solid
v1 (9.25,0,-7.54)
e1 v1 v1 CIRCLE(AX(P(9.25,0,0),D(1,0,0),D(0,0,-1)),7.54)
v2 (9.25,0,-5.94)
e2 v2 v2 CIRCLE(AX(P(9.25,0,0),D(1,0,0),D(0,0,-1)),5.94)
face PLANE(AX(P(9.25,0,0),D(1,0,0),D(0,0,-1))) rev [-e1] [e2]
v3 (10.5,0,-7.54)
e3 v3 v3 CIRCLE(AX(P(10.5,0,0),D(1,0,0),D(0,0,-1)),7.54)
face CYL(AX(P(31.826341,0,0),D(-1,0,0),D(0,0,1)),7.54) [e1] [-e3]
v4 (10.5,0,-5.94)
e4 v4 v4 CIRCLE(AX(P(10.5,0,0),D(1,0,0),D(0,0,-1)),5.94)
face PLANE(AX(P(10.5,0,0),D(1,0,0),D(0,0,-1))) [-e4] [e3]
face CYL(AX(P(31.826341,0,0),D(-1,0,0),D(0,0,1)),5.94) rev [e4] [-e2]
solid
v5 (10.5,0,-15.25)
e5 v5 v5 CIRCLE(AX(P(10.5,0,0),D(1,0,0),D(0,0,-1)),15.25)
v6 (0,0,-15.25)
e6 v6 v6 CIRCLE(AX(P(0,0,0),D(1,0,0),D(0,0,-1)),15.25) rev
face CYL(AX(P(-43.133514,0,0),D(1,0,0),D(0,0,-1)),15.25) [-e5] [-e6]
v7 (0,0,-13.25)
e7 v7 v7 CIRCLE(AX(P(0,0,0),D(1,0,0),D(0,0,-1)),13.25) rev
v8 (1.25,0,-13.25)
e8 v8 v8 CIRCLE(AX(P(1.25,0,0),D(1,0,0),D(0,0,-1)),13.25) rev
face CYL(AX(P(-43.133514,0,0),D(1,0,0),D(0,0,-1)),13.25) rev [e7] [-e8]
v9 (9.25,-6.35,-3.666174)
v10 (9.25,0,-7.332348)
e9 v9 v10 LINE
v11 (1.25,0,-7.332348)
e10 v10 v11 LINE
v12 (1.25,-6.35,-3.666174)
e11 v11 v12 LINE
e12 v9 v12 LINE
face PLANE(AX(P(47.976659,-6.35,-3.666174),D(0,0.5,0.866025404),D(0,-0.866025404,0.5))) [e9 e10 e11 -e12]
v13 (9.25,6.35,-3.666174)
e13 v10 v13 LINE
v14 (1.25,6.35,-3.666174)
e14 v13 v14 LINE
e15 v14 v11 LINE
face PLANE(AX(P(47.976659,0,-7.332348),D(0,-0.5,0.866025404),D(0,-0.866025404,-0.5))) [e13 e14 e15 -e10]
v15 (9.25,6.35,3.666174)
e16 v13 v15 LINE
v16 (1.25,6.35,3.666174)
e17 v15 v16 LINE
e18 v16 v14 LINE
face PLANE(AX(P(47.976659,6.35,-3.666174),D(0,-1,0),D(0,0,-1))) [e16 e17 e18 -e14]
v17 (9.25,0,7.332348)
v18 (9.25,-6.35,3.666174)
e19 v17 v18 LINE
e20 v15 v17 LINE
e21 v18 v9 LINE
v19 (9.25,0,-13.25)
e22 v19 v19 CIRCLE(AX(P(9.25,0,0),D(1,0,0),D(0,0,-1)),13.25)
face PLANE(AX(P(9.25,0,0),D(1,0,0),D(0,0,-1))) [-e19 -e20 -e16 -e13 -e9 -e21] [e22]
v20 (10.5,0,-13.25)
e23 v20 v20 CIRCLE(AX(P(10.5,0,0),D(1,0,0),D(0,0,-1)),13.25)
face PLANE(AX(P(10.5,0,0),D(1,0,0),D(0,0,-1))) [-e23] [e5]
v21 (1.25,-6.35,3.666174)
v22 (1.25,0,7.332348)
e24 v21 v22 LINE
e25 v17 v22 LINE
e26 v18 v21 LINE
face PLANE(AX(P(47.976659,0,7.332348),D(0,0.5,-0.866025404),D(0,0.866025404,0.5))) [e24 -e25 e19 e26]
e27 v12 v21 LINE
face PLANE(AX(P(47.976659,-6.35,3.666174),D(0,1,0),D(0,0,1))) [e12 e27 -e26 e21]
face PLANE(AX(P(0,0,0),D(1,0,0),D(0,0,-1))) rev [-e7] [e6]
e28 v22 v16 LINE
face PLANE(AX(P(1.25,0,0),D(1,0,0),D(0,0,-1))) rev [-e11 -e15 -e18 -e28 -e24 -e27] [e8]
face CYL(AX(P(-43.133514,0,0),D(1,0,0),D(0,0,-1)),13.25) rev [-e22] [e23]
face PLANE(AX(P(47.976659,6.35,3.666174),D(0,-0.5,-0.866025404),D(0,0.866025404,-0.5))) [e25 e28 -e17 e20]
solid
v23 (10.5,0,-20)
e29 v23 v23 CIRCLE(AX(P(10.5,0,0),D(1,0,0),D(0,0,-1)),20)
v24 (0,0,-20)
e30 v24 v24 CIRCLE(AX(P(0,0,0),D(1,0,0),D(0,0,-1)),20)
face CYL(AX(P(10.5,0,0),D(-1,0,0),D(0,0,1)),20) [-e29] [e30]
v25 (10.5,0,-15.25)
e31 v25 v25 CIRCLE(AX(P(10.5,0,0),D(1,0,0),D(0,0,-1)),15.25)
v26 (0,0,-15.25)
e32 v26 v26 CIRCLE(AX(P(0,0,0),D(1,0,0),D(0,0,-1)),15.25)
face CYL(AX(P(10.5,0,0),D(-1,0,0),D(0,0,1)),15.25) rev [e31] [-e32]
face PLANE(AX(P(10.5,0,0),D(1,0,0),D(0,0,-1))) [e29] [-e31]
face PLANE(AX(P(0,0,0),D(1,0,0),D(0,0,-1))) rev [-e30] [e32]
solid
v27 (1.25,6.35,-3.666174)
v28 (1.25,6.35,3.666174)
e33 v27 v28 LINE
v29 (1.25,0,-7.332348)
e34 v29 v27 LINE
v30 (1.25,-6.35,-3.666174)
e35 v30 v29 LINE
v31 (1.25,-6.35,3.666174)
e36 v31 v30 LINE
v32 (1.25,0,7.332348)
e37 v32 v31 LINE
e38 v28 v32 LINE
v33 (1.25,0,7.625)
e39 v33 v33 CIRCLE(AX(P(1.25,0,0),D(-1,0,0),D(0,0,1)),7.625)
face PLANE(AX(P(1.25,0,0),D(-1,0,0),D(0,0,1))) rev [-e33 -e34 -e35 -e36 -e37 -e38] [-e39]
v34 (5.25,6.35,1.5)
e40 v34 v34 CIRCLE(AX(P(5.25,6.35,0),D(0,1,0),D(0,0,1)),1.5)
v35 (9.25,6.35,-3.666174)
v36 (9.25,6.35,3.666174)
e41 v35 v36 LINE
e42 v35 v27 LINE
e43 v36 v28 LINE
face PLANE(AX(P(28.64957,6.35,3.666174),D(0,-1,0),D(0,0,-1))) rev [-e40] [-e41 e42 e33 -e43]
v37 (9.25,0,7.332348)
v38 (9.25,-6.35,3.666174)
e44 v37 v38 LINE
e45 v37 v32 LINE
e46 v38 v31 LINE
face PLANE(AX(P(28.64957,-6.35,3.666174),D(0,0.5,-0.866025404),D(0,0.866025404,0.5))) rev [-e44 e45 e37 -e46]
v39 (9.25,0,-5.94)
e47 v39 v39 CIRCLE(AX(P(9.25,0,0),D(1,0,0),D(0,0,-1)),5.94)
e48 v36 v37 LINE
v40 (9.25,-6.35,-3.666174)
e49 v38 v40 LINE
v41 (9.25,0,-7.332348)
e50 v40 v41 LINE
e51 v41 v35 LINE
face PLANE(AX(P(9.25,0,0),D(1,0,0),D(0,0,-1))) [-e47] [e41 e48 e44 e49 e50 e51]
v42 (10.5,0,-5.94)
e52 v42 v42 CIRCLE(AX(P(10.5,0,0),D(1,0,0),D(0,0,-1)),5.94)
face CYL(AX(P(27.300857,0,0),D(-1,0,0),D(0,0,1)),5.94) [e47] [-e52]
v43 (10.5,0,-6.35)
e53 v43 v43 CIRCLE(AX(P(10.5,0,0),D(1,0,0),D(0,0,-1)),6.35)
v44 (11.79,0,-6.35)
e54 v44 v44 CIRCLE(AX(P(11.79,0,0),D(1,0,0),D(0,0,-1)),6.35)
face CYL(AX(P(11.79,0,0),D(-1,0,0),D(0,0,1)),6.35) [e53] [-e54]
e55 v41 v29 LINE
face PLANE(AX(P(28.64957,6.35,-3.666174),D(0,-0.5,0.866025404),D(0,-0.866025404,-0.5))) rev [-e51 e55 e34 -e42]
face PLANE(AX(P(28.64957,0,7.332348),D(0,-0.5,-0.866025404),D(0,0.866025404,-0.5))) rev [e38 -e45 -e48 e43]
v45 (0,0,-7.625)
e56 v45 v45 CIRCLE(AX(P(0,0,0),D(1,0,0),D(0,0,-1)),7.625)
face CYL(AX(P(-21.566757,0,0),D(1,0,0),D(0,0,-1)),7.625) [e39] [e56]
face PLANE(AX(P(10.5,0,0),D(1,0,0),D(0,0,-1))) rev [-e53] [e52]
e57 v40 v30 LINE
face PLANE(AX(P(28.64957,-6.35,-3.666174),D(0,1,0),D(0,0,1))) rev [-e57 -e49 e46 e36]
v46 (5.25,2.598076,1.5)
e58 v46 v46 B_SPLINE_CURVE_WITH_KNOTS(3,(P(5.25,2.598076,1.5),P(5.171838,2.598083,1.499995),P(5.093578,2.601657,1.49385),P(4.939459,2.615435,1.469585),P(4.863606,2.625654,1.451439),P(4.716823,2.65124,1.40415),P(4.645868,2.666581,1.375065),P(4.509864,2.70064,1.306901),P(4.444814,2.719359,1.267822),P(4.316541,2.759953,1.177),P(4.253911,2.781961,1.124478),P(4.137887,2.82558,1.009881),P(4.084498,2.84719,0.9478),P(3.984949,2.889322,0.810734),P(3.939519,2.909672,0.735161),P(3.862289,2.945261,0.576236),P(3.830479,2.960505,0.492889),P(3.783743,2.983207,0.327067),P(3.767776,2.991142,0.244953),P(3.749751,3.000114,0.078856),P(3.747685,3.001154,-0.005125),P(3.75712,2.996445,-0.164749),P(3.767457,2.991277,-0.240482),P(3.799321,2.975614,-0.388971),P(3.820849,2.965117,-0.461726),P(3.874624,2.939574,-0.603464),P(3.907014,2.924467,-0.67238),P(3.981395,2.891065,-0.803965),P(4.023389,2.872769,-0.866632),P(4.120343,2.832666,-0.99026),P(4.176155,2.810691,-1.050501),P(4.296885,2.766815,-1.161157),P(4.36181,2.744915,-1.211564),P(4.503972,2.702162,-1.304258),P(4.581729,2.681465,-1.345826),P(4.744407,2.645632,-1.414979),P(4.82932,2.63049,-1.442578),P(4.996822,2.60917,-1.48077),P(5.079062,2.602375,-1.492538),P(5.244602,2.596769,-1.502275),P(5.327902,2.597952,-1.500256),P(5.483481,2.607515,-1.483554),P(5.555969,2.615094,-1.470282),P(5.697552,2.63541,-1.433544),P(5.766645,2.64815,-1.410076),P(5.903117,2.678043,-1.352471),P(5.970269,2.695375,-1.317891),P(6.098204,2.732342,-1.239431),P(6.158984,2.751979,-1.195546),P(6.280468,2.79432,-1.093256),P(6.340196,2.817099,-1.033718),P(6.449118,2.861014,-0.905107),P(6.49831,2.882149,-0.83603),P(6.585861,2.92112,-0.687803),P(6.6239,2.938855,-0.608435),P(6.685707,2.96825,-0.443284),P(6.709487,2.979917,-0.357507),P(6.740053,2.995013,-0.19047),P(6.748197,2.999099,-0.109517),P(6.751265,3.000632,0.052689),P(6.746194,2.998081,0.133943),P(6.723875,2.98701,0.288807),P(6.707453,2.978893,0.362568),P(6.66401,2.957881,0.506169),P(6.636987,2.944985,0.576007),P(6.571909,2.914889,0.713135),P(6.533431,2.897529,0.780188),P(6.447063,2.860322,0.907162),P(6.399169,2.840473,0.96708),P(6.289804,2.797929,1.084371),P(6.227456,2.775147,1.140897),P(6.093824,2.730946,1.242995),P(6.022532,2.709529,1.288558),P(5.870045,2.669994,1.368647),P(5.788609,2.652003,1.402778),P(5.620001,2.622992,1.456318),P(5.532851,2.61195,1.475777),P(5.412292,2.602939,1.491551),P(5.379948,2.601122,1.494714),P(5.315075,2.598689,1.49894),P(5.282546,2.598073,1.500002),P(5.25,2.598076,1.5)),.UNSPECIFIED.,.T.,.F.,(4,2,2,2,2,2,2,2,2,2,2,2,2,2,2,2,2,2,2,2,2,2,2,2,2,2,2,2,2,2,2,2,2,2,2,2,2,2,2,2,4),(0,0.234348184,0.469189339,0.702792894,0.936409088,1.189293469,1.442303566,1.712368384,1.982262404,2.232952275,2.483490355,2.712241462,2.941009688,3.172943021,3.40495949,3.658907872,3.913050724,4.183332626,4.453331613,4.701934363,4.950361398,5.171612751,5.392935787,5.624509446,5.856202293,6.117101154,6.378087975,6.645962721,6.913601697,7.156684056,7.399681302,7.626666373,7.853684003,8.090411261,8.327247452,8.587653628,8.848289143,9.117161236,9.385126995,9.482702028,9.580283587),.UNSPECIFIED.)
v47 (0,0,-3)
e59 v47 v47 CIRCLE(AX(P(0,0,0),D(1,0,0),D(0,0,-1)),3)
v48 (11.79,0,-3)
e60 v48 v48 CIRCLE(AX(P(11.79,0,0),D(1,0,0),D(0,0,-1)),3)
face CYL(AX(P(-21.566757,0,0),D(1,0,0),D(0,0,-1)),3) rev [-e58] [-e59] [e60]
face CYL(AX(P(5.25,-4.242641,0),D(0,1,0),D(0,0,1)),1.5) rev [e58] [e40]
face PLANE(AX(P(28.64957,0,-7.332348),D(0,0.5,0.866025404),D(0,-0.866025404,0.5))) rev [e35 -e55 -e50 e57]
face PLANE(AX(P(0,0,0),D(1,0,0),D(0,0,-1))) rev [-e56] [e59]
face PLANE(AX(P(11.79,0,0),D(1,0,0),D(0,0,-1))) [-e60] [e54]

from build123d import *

# Parameters (mm, degrees)
SKETCH1_R                = 20
SKETCH1_R_2              = 15.25
BOSS_EXTRUDE1_DEPTH      = 10.5
SKETCH2_R                = 15.25
SKETCH2_R_2              = 13.25
BOSS_EXTRUDE2_DEPTH      = 10.5
SKETCH3_R                = 13.25
BOSS_EXTRUDE3_DEPTH      = 4
BOSS_EXTRUDE3_DEPTH_BACK = 4
SKETCH4_R                = 7.625
SKETCH4_R_2              = 3
BOSS_EXTRUDE4_DEPTH      = 1.25
SKETCH5_R                = 3
BOSS_EXTRUDE5_DEPTH      = 8
SKETCH6_R                = 5.94
SKETCH6_R_2              = 3
BOSS_EXTRUDE6_DEPTH      = 1.25
SKETCH7_R                = 6.35
SKETCH7_R_2              = 3
BOSS_EXTRUDE7_DEPTH      = 1.29
SKETCH8_R                = 1.5
CUT_EXTRUDE1_DEPTH       = 6.35
SKETCH9_R                = 7.54
SKETCH9_R_2              = 5.94
BOSS_EXTRUDE8_DEPTH      = 1.25


with BuildPart() as part:
    # Sketch1 → Boss-Extrude1 (new body)
    with BuildSketch(Plane(origin=(0, 0, 0), x_dir=(0, 0, -1), z_dir=(1, 0, 0))):
        Circle(SKETCH1_R)
        Circle(SKETCH1_R_2, mode=Mode.SUBTRACT)
    extrude(amount=BOSS_EXTRUDE1_DEPTH)


with BuildPart() as body_2:
    # Sketch2 → Boss-Extrude2 (new body)
    with BuildSketch(Plane(origin=(10.5, 0, 0), x_dir=(0, 0, -1), z_dir=(1, 0, 0))):
        Circle(SKETCH2_R)
        Circle(SKETCH2_R_2, mode=Mode.SUBTRACT)
    extrude(amount=-BOSS_EXTRUDE2_DEPTH)

    # Sketch3 → Boss-Extrude3 (add, two sides)
    with BuildSketch(Plane(origin=(5.25, 0, 0), x_dir=(0, 0, -1), z_dir=(1, 0, 0))) as boss_extrude3_sk:
        Circle(SKETCH3_R)
        Polygon((7.332348419, 0), (3.666174209, 6.35), (-3.666174209, 6.35), (-7.332348419, 0), (-3.666174209, -6.35), (3.666174209, -6.35), align=None, mode=Mode.SUBTRACT)
    extrude(amount=BOSS_EXTRUDE3_DEPTH)
    extrude(boss_extrude3_sk.sketch, amount=-BOSS_EXTRUDE3_DEPTH_BACK)


with BuildPart() as body_3:
    # Sketch4 → Boss-Extrude4 (new body)
    with BuildSketch(Plane.ZY.offset(-1.25)):
        Circle(SKETCH4_R)
        Circle(SKETCH4_R_2, mode=Mode.SUBTRACT)
    extrude(amount=BOSS_EXTRUDE4_DEPTH)

    # Sketch5 → Boss-Extrude5 (add)
    with BuildSketch(Plane(origin=(1.25, 0, 0), x_dir=(0, 0, -1), z_dir=(1, 0, 0))):
        Polygon((-7.332348419, 0), (-3.666174209, 6.35), (3.666174209, 6.35), (7.332348419, 0), (3.666174209, -6.35), (-3.666174209, -6.35), align=None)
        Circle(SKETCH5_R, mode=Mode.SUBTRACT)
    extrude(amount=BOSS_EXTRUDE5_DEPTH)

    # Sketch6 → Boss-Extrude6 (add)
    with BuildSketch(Plane(origin=(9.25, 0, 0), x_dir=(0, 0, -1), z_dir=(1, 0, 0))):
        Circle(SKETCH6_R)
        Circle(SKETCH6_R_2, mode=Mode.SUBTRACT)
    extrude(amount=BOSS_EXTRUDE6_DEPTH)

    # Sketch7 → Boss-Extrude7 (add)
    with BuildSketch(Plane(origin=(10.5, 0, 0), x_dir=(0, 0, -1), z_dir=(1, 0, 0))):
        Circle(SKETCH7_R)
        Circle(SKETCH7_R_2, mode=Mode.SUBTRACT)
    extrude(amount=BOSS_EXTRUDE7_DEPTH)

    # Sketch8 → Cut-Extrude1 (cut)
    with BuildSketch(Plane(origin=(0, 6.35, 0), x_dir=(1, 0, 0), z_dir=(0, 1, 0))):
        with Locations((5.25, 0)):
            Circle(SKETCH8_R)
    extrude(amount=-CUT_EXTRUDE1_DEPTH, mode=Mode.SUBTRACT)


with BuildPart() as body_4:
    # Sketch9 → Boss-Extrude8 (new body)
    with BuildSketch(Plane(origin=(9.25, 0, 0), x_dir=(0, 0, -1), z_dir=(1, 0, 0))):
        Circle(SKETCH9_R)
        Circle(SKETCH9_R_2, mode=Mode.SUBTRACT)
    extrude(amount=BOSS_EXTRUDE8_DEPTH)


solid = Compound([part.part, body_2.part, body_3.part, body_4.part])
